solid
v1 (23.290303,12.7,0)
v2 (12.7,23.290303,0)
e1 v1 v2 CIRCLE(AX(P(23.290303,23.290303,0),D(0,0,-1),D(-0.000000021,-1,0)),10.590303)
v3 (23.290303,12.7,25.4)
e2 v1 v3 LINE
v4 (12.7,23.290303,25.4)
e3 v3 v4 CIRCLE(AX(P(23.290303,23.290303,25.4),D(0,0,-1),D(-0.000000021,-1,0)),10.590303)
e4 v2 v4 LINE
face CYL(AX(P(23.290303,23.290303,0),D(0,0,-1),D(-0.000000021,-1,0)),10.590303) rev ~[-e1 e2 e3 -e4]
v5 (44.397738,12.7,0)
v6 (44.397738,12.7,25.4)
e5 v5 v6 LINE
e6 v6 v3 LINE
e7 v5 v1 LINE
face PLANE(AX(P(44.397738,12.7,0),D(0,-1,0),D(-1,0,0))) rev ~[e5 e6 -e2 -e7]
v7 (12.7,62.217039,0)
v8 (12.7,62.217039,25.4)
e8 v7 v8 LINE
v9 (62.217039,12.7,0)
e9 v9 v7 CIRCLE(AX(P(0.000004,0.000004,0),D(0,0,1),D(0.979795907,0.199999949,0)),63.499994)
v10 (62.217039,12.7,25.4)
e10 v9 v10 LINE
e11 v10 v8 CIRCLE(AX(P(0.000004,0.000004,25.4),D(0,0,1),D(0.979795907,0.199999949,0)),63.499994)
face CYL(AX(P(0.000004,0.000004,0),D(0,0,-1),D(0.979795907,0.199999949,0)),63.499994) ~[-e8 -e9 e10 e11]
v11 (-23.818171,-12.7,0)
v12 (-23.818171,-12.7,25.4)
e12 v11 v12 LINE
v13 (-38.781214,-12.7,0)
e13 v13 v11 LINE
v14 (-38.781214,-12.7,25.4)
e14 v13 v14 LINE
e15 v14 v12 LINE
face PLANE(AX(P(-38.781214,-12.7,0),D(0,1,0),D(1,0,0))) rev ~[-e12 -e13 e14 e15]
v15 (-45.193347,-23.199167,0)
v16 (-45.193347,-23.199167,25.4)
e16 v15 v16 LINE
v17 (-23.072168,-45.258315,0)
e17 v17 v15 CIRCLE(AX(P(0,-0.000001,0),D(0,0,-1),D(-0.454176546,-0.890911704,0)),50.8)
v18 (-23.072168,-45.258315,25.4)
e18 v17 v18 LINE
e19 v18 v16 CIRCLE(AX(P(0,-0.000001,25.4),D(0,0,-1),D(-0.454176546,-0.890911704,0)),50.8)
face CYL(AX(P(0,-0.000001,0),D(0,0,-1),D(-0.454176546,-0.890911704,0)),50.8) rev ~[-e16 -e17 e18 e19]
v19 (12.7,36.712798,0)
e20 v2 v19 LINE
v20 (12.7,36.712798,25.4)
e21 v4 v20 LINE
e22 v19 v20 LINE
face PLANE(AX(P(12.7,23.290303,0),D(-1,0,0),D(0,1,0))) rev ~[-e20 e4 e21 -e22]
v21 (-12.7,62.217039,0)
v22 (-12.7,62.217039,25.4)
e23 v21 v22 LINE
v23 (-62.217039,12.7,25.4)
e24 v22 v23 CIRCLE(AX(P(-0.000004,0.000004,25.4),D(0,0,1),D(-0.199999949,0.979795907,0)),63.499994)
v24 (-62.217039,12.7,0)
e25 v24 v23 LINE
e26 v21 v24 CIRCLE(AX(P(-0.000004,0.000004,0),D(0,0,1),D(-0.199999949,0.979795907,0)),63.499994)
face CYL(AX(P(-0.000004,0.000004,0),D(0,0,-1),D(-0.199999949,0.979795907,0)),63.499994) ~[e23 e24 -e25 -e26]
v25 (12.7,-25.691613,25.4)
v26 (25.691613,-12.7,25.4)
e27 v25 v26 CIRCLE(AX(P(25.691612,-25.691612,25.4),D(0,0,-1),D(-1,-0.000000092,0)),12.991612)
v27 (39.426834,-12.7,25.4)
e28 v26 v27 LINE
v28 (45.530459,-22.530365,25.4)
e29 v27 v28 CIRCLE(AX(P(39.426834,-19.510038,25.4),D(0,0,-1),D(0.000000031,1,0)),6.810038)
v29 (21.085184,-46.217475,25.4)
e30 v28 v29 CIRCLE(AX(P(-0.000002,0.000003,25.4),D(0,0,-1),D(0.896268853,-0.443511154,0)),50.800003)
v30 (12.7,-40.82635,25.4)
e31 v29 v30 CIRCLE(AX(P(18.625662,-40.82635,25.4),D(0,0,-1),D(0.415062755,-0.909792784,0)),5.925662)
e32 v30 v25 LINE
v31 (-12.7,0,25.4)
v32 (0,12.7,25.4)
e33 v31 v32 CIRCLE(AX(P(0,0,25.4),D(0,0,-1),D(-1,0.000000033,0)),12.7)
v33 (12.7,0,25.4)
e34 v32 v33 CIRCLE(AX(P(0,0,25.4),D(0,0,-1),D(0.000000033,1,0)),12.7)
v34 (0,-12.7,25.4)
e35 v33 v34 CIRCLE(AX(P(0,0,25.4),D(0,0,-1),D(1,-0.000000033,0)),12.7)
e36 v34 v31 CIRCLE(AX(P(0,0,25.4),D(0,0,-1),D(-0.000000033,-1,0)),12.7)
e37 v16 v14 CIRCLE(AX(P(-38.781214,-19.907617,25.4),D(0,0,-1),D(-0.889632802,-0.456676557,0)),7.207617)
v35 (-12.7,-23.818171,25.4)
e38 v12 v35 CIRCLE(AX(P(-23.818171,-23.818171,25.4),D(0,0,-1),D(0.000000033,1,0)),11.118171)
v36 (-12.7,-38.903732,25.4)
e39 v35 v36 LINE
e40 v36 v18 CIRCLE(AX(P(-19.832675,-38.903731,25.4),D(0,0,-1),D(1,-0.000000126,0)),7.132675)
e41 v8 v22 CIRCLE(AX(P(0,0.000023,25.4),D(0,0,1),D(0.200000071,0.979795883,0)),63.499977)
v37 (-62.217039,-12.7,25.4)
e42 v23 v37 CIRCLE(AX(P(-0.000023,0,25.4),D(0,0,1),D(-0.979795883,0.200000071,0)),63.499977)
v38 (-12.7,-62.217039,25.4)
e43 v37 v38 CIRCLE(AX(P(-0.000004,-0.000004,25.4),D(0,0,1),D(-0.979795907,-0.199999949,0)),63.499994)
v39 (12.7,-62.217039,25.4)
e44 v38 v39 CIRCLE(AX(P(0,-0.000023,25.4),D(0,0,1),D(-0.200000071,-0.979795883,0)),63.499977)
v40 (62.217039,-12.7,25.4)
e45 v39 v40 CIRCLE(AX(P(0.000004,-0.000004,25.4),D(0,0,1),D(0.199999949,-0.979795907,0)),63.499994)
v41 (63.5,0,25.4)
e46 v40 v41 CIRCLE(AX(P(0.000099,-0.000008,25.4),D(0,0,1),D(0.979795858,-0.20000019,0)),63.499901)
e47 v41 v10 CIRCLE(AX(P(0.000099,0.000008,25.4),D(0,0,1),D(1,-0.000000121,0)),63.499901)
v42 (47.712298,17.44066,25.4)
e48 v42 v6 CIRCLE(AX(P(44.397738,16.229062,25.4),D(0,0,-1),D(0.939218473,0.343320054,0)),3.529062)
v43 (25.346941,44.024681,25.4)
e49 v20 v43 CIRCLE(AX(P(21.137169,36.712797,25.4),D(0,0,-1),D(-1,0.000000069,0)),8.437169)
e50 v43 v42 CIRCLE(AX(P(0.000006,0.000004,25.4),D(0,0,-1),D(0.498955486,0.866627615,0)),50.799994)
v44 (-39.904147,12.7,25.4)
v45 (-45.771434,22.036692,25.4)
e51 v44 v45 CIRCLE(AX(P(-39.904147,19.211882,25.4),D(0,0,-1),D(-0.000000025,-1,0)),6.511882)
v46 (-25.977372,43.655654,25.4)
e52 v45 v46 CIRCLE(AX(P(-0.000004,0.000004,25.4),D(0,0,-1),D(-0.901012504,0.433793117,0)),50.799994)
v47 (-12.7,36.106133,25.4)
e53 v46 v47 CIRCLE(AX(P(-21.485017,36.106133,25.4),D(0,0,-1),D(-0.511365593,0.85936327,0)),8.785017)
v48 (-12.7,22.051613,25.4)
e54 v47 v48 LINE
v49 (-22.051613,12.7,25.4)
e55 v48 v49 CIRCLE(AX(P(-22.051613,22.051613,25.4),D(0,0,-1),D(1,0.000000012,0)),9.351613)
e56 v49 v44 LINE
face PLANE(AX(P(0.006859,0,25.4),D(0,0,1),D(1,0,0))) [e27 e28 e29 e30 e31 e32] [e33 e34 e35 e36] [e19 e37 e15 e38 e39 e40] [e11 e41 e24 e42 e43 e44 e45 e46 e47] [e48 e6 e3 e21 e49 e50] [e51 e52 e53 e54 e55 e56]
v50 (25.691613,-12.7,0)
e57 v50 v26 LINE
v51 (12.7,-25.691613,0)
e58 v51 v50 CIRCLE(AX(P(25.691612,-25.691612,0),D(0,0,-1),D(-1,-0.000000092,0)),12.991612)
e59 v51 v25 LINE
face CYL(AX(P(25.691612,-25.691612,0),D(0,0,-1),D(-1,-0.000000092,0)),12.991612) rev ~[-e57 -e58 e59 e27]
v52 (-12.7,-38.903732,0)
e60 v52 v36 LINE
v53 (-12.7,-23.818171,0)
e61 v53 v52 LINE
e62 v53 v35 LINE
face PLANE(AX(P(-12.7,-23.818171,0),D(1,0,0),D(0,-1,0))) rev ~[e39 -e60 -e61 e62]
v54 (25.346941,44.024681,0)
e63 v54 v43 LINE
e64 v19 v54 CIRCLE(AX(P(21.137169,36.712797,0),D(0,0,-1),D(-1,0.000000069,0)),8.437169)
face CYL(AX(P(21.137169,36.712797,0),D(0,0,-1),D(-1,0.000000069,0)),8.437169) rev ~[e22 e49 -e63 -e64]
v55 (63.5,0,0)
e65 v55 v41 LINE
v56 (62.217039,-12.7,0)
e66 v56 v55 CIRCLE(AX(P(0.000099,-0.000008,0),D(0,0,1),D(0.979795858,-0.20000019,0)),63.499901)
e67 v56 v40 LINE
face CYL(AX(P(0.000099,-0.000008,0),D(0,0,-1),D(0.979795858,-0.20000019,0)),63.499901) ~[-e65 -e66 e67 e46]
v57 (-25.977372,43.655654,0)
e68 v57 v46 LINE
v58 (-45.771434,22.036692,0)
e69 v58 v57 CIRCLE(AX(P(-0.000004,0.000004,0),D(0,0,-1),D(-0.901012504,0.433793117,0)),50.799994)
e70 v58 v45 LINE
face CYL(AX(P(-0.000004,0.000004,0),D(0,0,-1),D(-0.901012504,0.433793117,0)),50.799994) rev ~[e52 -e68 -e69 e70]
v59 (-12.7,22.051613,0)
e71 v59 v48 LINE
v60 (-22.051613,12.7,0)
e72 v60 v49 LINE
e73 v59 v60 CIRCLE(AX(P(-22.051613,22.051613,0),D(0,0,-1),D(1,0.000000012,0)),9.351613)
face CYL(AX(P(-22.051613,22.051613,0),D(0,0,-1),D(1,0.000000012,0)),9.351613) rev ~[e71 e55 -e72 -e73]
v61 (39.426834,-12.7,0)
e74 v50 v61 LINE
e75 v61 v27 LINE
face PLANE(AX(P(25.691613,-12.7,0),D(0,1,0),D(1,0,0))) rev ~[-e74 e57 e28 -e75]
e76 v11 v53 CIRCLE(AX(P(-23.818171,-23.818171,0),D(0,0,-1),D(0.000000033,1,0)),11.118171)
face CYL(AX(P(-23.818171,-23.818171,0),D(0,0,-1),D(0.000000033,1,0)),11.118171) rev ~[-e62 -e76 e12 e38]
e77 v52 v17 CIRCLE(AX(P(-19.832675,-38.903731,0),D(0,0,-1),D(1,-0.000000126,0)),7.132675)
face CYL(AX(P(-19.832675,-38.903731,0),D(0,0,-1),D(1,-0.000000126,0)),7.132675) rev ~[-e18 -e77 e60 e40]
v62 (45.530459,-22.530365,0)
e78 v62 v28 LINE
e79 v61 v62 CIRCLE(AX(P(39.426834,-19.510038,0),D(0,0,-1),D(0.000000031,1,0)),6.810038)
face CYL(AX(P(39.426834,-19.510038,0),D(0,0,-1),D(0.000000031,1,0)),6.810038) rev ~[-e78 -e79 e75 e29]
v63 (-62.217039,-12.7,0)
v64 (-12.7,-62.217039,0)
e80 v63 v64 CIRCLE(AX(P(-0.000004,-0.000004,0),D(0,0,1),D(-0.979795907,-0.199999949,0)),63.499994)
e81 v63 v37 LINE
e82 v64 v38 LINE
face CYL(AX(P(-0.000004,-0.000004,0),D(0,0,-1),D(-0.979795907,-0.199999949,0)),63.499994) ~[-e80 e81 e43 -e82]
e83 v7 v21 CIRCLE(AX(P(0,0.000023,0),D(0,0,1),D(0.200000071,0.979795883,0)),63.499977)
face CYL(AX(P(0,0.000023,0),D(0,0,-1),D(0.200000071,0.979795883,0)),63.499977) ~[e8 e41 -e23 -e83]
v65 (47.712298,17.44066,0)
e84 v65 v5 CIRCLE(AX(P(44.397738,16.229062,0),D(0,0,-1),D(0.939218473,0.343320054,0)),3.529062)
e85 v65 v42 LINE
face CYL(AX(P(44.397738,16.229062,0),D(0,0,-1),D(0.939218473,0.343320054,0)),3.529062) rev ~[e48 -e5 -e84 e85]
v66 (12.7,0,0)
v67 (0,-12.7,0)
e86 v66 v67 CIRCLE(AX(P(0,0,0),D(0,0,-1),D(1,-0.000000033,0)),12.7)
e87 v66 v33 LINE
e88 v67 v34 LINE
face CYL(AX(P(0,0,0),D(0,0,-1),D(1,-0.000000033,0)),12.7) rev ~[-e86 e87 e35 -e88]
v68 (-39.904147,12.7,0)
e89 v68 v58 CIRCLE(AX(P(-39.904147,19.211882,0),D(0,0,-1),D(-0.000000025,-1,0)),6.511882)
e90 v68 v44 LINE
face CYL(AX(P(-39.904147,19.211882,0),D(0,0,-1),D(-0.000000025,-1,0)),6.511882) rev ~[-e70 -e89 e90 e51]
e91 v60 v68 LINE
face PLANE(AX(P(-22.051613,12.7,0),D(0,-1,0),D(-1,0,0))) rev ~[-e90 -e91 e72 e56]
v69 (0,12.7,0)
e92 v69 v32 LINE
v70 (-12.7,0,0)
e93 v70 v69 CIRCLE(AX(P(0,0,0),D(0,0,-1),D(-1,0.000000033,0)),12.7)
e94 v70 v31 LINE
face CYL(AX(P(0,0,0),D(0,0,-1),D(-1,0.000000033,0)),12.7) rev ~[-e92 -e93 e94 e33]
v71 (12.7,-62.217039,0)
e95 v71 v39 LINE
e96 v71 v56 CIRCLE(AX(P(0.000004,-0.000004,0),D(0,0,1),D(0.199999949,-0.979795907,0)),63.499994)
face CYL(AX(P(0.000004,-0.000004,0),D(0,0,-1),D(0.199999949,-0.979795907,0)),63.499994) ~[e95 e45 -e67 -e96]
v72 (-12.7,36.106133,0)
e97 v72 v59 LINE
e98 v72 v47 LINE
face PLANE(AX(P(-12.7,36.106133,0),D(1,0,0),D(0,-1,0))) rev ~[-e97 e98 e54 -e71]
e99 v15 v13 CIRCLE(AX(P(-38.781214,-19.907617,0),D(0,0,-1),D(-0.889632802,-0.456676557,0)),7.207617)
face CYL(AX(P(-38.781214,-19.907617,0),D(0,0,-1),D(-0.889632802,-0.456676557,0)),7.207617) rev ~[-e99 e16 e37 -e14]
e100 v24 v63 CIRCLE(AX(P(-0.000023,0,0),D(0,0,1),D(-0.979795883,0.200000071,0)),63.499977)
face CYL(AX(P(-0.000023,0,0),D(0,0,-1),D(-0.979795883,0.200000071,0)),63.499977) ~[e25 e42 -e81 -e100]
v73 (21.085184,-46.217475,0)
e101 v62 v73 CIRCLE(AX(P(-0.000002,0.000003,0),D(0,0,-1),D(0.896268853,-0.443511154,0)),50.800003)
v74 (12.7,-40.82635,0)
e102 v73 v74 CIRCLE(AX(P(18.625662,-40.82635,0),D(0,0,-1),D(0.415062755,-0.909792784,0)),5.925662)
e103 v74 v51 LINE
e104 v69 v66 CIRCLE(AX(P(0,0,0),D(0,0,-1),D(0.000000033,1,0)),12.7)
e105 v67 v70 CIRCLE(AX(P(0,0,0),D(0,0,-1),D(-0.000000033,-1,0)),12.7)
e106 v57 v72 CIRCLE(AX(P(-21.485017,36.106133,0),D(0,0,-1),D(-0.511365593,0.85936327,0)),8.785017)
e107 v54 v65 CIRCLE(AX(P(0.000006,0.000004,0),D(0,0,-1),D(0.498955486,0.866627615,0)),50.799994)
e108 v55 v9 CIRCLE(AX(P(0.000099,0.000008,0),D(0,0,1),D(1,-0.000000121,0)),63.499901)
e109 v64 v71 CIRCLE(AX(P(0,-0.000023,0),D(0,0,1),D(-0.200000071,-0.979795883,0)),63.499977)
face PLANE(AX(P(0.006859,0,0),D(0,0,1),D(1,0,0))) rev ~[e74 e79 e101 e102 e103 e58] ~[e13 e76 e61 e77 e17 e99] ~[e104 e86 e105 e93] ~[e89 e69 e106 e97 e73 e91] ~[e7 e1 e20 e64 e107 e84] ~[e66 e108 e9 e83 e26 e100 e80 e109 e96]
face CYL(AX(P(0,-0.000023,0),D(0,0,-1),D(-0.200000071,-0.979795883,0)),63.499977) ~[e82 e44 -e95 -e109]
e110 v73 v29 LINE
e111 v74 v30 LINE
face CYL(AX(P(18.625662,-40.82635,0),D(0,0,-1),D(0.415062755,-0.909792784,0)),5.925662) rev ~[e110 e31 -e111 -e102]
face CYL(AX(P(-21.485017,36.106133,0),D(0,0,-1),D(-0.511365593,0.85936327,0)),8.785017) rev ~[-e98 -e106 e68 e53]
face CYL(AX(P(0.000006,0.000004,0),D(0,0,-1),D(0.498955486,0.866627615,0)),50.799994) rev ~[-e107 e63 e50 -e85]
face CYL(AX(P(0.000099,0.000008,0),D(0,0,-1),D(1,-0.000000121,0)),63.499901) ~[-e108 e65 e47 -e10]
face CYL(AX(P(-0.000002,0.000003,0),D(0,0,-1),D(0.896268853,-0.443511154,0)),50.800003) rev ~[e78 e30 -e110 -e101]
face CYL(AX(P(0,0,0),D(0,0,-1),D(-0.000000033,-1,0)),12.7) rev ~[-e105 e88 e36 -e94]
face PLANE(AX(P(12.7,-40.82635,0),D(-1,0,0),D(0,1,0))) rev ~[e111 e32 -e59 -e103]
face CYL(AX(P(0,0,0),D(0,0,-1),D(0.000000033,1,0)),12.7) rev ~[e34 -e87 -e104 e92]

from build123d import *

# Parameters (mm, degrees)
F1_DEPTH = 25.4


with BuildPart() as f1:
    # F0 (on Top) → F1 (new body)
    with BuildSketch(Plane.XY):
        with BuildLine():
            ThreePointArc((62.217039, -12.7), (63.178446, -6.382319), (63.5, 0))
            ThreePointArc((63.5, 0), (63.178446, 6.382319), (62.217039, 12.7))
            ThreePointArc((62.217039, 12.7), (44.901281, 44.901281), (12.7, 62.217039))
            ThreePointArc((12.7, 62.217039), (0, 63.5), (-12.7, 62.217039))
            ThreePointArc((-12.7, 62.217039), (-44.901281, 44.901281), (-62.217039, 12.7))
            ThreePointArc((-62.217039, 12.7), (-63.5, 0), (-62.217039, -12.7))
            ThreePointArc((-62.217039, -12.7), (-44.901281, -44.901281), (-12.7, -62.217039))
            ThreePointArc((-12.7, -62.217039), (0, -63.5), (12.7, -62.217039))
            ThreePointArc((12.7, -62.217039), (44.901281, -44.901281), (62.217039, -12.7))
        make_face()
        with BuildLine():
            Line((-38.781214, -12.7), (-23.818171, -12.7))
            ThreePointArc((-23.818171, -12.7), (-15.956437, -15.956437), (-12.7, -23.818171))
            Line((-12.7, -23.818171), (-12.7, -38.903732))
            ThreePointArc((-12.7, -38.903732), (-16.106497, -44.985725), (-23.072168, -45.258315))
            ThreePointArc((-23.072168, -45.258315), (-35.870554, -35.971424), (-45.193347, -23.199167))
            ThreePointArc((-45.193347, -23.199167), (-44.932392, -16.150922), (-38.781214, -12.7))
        make_face(mode=Mode.SUBTRACT)
        with BuildLine():
            ThreePointArc((12.7, -25.691613), (16.505155, -16.505155), (25.691613, -12.7))
            Line((25.691613, -12.7), (39.426834, -12.7))
            ThreePointArc((39.426834, -12.7), (45.212383, -15.917819), (45.530459, -22.530365))
            ThreePointArc((45.530459, -22.530365), (35.350824, -36.482314), (21.085184, -46.217475))
            ThreePointArc((21.085184, -46.217475), (15.421042, -45.810714), (12.7, -40.82635))
            Line((12.7, -40.82635), (12.7, -25.691613))
        make_face(mode=Mode.SUBTRACT)
        with BuildLine():
            ThreePointArc((-45.771434, 22.036692), (-37.467555, 34.304844), (-25.977372, 43.655654))
            ThreePointArc((-25.977372, 43.655654), (-17.142719, 43.74295), (-12.7, 36.106133))
            Line((-12.7, 36.106133), (-12.7, 22.051613))
            ThreePointArc((-12.7, 22.051613), (-15.439024, 15.439024), (-22.051613, 12.7))
            Line((-22.051613, 12.7), (-39.904147, 12.7))
            ThreePointArc((-39.904147, 12.7), (-45.417741, 15.747075), (-45.771434, 22.036692))
        make_face(mode=Mode.SUBTRACT)
        with BuildLine():
            ThreePointArc((0, 12.7), (8.980256, 8.980256), (12.7, 0))
            ThreePointArc((12.7, 0), (8.980256, -8.980256), (0, -12.7))
            ThreePointArc((0, -12.7), (-8.980256, -8.980256), (-12.7, 0))
            ThreePointArc((-12.7, 0), (-8.980256, 8.980256), (0, 12.7))
        make_face(mode=Mode.SUBTRACT)
        with BuildLine():
            ThreePointArc((23.290303, 12.7), (15.801828, 15.801828), (12.7, 23.290303))
            Line((12.7, 23.290303), (12.7, 36.712798))
            ThreePointArc((12.7, 36.712798), (16.914181, 44.017056), (25.346941, 44.024681))
            ThreePointArc((25.346941, 44.024681), (38.87275, 32.703965), (47.712298, 17.44066))
            ThreePointArc((47.712298, 17.44066), (47.289976, 14.206876), (44.397738, 12.7))
            Line((44.397738, 12.7), (23.290303, 12.7))
        make_face(mode=Mode.SUBTRACT)
    extrude(amount=F1_DEPTH)


solid = f1.part
